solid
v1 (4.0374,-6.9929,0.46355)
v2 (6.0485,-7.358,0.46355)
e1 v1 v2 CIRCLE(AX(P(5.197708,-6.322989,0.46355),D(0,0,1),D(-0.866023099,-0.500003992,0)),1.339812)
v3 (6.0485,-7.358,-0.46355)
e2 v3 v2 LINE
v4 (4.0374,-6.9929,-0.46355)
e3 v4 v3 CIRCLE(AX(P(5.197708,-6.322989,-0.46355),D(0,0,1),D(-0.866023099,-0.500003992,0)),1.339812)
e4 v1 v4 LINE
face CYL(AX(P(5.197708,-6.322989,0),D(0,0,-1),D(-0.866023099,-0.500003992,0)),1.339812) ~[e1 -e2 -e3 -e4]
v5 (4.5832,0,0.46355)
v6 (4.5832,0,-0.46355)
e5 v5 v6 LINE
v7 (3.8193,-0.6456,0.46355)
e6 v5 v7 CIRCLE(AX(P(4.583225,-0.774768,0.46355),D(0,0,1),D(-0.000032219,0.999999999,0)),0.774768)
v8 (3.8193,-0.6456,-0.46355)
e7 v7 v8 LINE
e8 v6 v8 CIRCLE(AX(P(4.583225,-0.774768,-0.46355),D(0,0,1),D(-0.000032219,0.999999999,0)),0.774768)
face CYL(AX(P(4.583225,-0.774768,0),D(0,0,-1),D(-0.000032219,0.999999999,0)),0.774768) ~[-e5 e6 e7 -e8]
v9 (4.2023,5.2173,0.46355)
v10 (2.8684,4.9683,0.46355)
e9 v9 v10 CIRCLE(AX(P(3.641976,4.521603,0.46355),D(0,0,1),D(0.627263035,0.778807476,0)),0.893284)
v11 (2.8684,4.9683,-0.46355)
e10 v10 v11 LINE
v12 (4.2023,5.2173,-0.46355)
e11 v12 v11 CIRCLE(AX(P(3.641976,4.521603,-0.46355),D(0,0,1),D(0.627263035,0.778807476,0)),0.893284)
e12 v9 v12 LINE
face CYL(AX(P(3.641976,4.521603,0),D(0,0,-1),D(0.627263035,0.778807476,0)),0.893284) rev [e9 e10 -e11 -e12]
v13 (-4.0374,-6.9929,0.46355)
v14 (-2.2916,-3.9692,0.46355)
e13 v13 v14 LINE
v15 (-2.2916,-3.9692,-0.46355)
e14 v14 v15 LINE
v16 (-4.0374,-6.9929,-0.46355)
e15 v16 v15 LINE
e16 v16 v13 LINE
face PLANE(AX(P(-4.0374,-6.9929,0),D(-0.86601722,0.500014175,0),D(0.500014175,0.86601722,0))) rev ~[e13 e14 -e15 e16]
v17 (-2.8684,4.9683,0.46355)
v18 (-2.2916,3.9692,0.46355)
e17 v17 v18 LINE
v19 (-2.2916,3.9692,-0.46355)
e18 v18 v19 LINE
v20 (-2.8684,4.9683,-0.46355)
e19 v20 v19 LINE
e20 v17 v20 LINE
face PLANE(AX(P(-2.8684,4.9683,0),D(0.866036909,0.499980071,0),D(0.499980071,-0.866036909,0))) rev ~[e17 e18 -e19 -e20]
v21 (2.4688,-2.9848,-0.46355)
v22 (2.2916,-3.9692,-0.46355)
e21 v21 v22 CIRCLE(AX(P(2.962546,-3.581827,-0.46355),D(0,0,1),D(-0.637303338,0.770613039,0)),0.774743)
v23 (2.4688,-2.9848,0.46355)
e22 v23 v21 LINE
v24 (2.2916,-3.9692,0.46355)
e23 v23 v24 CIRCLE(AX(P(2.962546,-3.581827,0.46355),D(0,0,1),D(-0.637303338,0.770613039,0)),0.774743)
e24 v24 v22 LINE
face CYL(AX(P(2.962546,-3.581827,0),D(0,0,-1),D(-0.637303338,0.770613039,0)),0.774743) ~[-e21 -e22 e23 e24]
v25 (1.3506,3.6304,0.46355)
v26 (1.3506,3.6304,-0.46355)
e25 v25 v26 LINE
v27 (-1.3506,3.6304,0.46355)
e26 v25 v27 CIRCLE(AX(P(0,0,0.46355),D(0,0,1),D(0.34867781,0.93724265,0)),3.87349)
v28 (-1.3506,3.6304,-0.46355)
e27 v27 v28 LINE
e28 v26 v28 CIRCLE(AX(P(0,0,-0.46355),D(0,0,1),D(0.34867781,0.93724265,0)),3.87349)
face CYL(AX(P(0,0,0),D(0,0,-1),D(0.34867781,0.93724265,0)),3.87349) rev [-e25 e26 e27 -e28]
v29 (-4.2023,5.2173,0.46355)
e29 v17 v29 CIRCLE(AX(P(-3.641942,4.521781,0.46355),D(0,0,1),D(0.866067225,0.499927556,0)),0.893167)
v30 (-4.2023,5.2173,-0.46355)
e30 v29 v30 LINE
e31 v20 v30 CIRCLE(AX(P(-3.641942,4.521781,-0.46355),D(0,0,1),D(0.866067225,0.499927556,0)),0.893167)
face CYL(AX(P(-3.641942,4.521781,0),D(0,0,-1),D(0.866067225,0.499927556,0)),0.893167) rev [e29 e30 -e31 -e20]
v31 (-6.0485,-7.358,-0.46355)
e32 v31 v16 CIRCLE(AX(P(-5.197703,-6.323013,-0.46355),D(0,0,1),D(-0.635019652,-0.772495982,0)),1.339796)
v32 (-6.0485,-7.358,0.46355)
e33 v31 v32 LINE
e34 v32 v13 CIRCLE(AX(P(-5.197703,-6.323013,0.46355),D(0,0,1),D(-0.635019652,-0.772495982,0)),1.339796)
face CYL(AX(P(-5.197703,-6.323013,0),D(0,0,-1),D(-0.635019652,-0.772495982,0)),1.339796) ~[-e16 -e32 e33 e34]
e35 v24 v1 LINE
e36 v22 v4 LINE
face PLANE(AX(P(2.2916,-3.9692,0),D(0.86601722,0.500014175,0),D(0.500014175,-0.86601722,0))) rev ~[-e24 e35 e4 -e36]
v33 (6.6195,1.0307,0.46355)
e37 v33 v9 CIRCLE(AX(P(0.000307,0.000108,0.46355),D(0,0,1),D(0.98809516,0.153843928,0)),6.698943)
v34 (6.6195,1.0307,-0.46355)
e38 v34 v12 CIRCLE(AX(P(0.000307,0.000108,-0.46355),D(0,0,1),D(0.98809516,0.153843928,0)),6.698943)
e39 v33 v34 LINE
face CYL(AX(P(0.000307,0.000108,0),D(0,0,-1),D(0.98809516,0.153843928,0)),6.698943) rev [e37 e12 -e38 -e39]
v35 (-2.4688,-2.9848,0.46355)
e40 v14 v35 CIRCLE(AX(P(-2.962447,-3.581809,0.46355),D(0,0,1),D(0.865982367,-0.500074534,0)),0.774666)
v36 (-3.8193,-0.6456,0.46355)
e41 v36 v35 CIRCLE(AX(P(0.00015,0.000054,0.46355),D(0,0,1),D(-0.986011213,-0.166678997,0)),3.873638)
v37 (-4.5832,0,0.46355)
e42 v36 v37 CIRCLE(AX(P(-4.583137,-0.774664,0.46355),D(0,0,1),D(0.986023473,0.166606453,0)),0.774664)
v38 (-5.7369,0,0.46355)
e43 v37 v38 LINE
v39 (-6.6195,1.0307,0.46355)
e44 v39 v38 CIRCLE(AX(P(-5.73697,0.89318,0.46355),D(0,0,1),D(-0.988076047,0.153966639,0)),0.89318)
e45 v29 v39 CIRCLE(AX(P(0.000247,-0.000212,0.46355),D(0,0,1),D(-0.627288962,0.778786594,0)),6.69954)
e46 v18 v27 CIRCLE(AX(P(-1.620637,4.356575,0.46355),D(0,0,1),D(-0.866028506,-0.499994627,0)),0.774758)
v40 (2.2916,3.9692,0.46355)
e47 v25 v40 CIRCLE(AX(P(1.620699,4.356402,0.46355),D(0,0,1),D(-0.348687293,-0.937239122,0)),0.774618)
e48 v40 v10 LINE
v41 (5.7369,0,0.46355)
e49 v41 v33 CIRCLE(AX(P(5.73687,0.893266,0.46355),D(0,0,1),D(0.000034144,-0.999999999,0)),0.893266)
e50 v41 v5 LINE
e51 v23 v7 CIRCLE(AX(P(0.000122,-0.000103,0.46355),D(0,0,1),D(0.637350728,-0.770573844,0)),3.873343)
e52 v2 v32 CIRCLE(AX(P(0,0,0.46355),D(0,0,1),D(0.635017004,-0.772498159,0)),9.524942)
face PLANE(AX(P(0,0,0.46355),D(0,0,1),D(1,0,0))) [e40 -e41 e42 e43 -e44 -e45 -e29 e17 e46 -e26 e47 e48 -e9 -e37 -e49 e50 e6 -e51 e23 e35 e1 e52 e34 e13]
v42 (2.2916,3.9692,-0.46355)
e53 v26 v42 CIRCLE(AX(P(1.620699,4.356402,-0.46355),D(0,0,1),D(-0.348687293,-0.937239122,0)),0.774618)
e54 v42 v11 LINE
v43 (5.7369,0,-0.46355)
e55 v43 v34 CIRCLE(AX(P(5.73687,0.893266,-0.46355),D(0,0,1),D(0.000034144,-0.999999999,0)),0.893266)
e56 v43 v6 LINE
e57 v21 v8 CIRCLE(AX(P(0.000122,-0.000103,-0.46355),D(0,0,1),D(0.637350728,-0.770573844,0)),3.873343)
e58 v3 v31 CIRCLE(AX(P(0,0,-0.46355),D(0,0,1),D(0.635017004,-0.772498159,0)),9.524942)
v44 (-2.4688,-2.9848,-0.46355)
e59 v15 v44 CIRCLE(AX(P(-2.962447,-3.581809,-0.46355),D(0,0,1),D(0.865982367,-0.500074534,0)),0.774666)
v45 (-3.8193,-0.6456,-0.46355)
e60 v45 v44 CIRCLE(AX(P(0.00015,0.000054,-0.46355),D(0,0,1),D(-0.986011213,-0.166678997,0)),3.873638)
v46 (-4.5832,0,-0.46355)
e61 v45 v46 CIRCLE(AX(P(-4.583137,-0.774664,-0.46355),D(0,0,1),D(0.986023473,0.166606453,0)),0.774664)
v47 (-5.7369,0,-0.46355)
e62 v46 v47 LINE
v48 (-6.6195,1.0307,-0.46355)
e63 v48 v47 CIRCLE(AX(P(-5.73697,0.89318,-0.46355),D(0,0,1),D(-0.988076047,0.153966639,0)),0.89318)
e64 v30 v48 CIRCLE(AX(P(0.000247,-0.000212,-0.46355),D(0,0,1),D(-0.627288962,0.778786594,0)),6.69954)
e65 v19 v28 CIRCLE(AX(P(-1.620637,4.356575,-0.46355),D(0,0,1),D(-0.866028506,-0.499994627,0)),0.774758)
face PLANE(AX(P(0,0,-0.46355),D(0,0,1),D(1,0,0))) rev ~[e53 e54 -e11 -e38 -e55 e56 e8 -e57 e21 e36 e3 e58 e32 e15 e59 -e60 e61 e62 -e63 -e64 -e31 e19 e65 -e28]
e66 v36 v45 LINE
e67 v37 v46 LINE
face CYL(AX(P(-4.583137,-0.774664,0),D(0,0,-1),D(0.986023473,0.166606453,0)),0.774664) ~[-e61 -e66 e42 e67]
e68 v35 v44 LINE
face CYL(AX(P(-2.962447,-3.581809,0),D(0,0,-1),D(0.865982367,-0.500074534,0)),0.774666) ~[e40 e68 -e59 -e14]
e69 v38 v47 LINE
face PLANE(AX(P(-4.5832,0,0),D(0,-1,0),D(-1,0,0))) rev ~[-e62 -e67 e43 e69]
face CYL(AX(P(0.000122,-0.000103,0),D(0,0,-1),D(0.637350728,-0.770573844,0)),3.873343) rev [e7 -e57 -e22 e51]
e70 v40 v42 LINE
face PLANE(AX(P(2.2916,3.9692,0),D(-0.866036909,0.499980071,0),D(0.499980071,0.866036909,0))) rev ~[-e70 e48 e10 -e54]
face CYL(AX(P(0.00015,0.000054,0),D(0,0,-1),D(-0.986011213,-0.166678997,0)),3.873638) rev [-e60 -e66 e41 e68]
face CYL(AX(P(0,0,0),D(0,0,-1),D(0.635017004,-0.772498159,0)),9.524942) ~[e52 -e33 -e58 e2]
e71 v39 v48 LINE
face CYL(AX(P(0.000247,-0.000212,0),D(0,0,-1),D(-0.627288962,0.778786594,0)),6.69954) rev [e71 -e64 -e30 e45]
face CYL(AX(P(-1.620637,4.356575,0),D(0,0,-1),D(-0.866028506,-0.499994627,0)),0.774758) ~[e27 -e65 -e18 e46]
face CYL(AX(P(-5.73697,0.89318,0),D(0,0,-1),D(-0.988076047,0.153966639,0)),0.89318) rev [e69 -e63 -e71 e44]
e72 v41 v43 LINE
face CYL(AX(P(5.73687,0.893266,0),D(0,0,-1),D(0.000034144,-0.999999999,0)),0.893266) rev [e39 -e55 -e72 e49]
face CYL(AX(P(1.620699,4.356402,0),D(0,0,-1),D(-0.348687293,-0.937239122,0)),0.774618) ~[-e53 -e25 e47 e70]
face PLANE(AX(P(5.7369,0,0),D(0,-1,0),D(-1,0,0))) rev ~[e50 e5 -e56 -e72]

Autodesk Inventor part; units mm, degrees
sketch "Sketch_1" plane through (0, 0, 0) normal (0, 0, 1) x (1, 0, 0)
  arc A0 (6.0485, -7.358) -> (-6.0485, -7.358) centre (0, 0) ccw
  arc A1 (-6.0485, -7.358) -> (-4.0374, -6.9929) centre (-5.1977, -6.323) ccw
  line L0 (-4.0374, -6.9929) -> (-2.2916, -3.9692)
  arc A2 (-2.2916, -3.9692) -> (-2.4688, -2.9848) centre (-2.9625, -3.5818) ccw
  arc A3 (-3.8193, -0.6456) -> (-2.4688, -2.9848) centre (0, 0) ccw
  arc A4 (-3.8193, -0.6456) -> (-4.5832, 0) centre (-4.5832, -0.7747) ccw
  line L1 (-4.5832, 0) -> (-5.7369, 0)
  arc A5 (-6.6195, 1.0307) -> (-5.7369, 0) centre (-5.7369, 0.8932) ccw
  arc A6 (-4.2023, 5.2173) -> (-6.6195, 1.0307) centre (0, 0) ccw
  arc A7 (-2.8684, 4.9683) -> (-4.2023, 5.2173) centre (-3.642, 4.5217) ccw
  line L2 (-2.8684, 4.9683) -> (-2.2916, 3.9692)
  arc A8 (-2.2916, 3.9692) -> (-1.3506, 3.6304) centre (-1.6207, 4.3565) ccw
  arc A9 (1.3506, 3.6304) -> (-1.3506, 3.6304) centre (0, 0) ccw
  arc A10 (1.3506, 3.6304) -> (2.2916, 3.9692) centre (1.6207, 4.3565) ccw
  line L3 (2.2916, 3.9692) -> (2.8684, 4.9683)
  arc A11 (4.2023, 5.2173) -> (2.8684, 4.9683) centre (3.642, 4.5217) ccw
  arc A12 (6.6195, 1.0307) -> (4.2023, 5.2173) centre (0, 0) ccw
  arc A13 (5.7369, 0) -> (6.6195, 1.0307) centre (5.7369, 0.8932) ccw
  line L4 (5.7369, 0) -> (4.5832, 0)
  arc A14 (4.5832, 0) -> (3.8193, -0.6456) centre (4.5832, -0.7747) ccw
  arc A15 (2.4688, -2.9848) -> (3.8193, -0.6456) centre (0, 0) ccw
  arc A16 (2.4688, -2.9848) -> (2.2916, -3.9692) centre (2.9625, -3.5818) ccw
  line L5 (2.2916, -3.9692) -> (4.0374, -6.9929)
  arc A17 (4.0374, -6.9929) -> (6.0485, -7.358) centre (5.1977, -6.323) ccw
extrude "Extrusion1" add sketch "Sketch_1" along normal mid plane 0.9271
ref_plane "RR_XY" through (0, 0, 0) normal (0, 0, 1) x (1, 0, 0)
ref_plane "RR_YZ" through (0, 0, 0) normal (1, 0, 0) x (0, 1, 0)
ref_plane "RR_ZX" through (0, 0, 0) normal (0, 1, 0) x (0, 0, 1)
properties part number "D-5867" material "Steel"
